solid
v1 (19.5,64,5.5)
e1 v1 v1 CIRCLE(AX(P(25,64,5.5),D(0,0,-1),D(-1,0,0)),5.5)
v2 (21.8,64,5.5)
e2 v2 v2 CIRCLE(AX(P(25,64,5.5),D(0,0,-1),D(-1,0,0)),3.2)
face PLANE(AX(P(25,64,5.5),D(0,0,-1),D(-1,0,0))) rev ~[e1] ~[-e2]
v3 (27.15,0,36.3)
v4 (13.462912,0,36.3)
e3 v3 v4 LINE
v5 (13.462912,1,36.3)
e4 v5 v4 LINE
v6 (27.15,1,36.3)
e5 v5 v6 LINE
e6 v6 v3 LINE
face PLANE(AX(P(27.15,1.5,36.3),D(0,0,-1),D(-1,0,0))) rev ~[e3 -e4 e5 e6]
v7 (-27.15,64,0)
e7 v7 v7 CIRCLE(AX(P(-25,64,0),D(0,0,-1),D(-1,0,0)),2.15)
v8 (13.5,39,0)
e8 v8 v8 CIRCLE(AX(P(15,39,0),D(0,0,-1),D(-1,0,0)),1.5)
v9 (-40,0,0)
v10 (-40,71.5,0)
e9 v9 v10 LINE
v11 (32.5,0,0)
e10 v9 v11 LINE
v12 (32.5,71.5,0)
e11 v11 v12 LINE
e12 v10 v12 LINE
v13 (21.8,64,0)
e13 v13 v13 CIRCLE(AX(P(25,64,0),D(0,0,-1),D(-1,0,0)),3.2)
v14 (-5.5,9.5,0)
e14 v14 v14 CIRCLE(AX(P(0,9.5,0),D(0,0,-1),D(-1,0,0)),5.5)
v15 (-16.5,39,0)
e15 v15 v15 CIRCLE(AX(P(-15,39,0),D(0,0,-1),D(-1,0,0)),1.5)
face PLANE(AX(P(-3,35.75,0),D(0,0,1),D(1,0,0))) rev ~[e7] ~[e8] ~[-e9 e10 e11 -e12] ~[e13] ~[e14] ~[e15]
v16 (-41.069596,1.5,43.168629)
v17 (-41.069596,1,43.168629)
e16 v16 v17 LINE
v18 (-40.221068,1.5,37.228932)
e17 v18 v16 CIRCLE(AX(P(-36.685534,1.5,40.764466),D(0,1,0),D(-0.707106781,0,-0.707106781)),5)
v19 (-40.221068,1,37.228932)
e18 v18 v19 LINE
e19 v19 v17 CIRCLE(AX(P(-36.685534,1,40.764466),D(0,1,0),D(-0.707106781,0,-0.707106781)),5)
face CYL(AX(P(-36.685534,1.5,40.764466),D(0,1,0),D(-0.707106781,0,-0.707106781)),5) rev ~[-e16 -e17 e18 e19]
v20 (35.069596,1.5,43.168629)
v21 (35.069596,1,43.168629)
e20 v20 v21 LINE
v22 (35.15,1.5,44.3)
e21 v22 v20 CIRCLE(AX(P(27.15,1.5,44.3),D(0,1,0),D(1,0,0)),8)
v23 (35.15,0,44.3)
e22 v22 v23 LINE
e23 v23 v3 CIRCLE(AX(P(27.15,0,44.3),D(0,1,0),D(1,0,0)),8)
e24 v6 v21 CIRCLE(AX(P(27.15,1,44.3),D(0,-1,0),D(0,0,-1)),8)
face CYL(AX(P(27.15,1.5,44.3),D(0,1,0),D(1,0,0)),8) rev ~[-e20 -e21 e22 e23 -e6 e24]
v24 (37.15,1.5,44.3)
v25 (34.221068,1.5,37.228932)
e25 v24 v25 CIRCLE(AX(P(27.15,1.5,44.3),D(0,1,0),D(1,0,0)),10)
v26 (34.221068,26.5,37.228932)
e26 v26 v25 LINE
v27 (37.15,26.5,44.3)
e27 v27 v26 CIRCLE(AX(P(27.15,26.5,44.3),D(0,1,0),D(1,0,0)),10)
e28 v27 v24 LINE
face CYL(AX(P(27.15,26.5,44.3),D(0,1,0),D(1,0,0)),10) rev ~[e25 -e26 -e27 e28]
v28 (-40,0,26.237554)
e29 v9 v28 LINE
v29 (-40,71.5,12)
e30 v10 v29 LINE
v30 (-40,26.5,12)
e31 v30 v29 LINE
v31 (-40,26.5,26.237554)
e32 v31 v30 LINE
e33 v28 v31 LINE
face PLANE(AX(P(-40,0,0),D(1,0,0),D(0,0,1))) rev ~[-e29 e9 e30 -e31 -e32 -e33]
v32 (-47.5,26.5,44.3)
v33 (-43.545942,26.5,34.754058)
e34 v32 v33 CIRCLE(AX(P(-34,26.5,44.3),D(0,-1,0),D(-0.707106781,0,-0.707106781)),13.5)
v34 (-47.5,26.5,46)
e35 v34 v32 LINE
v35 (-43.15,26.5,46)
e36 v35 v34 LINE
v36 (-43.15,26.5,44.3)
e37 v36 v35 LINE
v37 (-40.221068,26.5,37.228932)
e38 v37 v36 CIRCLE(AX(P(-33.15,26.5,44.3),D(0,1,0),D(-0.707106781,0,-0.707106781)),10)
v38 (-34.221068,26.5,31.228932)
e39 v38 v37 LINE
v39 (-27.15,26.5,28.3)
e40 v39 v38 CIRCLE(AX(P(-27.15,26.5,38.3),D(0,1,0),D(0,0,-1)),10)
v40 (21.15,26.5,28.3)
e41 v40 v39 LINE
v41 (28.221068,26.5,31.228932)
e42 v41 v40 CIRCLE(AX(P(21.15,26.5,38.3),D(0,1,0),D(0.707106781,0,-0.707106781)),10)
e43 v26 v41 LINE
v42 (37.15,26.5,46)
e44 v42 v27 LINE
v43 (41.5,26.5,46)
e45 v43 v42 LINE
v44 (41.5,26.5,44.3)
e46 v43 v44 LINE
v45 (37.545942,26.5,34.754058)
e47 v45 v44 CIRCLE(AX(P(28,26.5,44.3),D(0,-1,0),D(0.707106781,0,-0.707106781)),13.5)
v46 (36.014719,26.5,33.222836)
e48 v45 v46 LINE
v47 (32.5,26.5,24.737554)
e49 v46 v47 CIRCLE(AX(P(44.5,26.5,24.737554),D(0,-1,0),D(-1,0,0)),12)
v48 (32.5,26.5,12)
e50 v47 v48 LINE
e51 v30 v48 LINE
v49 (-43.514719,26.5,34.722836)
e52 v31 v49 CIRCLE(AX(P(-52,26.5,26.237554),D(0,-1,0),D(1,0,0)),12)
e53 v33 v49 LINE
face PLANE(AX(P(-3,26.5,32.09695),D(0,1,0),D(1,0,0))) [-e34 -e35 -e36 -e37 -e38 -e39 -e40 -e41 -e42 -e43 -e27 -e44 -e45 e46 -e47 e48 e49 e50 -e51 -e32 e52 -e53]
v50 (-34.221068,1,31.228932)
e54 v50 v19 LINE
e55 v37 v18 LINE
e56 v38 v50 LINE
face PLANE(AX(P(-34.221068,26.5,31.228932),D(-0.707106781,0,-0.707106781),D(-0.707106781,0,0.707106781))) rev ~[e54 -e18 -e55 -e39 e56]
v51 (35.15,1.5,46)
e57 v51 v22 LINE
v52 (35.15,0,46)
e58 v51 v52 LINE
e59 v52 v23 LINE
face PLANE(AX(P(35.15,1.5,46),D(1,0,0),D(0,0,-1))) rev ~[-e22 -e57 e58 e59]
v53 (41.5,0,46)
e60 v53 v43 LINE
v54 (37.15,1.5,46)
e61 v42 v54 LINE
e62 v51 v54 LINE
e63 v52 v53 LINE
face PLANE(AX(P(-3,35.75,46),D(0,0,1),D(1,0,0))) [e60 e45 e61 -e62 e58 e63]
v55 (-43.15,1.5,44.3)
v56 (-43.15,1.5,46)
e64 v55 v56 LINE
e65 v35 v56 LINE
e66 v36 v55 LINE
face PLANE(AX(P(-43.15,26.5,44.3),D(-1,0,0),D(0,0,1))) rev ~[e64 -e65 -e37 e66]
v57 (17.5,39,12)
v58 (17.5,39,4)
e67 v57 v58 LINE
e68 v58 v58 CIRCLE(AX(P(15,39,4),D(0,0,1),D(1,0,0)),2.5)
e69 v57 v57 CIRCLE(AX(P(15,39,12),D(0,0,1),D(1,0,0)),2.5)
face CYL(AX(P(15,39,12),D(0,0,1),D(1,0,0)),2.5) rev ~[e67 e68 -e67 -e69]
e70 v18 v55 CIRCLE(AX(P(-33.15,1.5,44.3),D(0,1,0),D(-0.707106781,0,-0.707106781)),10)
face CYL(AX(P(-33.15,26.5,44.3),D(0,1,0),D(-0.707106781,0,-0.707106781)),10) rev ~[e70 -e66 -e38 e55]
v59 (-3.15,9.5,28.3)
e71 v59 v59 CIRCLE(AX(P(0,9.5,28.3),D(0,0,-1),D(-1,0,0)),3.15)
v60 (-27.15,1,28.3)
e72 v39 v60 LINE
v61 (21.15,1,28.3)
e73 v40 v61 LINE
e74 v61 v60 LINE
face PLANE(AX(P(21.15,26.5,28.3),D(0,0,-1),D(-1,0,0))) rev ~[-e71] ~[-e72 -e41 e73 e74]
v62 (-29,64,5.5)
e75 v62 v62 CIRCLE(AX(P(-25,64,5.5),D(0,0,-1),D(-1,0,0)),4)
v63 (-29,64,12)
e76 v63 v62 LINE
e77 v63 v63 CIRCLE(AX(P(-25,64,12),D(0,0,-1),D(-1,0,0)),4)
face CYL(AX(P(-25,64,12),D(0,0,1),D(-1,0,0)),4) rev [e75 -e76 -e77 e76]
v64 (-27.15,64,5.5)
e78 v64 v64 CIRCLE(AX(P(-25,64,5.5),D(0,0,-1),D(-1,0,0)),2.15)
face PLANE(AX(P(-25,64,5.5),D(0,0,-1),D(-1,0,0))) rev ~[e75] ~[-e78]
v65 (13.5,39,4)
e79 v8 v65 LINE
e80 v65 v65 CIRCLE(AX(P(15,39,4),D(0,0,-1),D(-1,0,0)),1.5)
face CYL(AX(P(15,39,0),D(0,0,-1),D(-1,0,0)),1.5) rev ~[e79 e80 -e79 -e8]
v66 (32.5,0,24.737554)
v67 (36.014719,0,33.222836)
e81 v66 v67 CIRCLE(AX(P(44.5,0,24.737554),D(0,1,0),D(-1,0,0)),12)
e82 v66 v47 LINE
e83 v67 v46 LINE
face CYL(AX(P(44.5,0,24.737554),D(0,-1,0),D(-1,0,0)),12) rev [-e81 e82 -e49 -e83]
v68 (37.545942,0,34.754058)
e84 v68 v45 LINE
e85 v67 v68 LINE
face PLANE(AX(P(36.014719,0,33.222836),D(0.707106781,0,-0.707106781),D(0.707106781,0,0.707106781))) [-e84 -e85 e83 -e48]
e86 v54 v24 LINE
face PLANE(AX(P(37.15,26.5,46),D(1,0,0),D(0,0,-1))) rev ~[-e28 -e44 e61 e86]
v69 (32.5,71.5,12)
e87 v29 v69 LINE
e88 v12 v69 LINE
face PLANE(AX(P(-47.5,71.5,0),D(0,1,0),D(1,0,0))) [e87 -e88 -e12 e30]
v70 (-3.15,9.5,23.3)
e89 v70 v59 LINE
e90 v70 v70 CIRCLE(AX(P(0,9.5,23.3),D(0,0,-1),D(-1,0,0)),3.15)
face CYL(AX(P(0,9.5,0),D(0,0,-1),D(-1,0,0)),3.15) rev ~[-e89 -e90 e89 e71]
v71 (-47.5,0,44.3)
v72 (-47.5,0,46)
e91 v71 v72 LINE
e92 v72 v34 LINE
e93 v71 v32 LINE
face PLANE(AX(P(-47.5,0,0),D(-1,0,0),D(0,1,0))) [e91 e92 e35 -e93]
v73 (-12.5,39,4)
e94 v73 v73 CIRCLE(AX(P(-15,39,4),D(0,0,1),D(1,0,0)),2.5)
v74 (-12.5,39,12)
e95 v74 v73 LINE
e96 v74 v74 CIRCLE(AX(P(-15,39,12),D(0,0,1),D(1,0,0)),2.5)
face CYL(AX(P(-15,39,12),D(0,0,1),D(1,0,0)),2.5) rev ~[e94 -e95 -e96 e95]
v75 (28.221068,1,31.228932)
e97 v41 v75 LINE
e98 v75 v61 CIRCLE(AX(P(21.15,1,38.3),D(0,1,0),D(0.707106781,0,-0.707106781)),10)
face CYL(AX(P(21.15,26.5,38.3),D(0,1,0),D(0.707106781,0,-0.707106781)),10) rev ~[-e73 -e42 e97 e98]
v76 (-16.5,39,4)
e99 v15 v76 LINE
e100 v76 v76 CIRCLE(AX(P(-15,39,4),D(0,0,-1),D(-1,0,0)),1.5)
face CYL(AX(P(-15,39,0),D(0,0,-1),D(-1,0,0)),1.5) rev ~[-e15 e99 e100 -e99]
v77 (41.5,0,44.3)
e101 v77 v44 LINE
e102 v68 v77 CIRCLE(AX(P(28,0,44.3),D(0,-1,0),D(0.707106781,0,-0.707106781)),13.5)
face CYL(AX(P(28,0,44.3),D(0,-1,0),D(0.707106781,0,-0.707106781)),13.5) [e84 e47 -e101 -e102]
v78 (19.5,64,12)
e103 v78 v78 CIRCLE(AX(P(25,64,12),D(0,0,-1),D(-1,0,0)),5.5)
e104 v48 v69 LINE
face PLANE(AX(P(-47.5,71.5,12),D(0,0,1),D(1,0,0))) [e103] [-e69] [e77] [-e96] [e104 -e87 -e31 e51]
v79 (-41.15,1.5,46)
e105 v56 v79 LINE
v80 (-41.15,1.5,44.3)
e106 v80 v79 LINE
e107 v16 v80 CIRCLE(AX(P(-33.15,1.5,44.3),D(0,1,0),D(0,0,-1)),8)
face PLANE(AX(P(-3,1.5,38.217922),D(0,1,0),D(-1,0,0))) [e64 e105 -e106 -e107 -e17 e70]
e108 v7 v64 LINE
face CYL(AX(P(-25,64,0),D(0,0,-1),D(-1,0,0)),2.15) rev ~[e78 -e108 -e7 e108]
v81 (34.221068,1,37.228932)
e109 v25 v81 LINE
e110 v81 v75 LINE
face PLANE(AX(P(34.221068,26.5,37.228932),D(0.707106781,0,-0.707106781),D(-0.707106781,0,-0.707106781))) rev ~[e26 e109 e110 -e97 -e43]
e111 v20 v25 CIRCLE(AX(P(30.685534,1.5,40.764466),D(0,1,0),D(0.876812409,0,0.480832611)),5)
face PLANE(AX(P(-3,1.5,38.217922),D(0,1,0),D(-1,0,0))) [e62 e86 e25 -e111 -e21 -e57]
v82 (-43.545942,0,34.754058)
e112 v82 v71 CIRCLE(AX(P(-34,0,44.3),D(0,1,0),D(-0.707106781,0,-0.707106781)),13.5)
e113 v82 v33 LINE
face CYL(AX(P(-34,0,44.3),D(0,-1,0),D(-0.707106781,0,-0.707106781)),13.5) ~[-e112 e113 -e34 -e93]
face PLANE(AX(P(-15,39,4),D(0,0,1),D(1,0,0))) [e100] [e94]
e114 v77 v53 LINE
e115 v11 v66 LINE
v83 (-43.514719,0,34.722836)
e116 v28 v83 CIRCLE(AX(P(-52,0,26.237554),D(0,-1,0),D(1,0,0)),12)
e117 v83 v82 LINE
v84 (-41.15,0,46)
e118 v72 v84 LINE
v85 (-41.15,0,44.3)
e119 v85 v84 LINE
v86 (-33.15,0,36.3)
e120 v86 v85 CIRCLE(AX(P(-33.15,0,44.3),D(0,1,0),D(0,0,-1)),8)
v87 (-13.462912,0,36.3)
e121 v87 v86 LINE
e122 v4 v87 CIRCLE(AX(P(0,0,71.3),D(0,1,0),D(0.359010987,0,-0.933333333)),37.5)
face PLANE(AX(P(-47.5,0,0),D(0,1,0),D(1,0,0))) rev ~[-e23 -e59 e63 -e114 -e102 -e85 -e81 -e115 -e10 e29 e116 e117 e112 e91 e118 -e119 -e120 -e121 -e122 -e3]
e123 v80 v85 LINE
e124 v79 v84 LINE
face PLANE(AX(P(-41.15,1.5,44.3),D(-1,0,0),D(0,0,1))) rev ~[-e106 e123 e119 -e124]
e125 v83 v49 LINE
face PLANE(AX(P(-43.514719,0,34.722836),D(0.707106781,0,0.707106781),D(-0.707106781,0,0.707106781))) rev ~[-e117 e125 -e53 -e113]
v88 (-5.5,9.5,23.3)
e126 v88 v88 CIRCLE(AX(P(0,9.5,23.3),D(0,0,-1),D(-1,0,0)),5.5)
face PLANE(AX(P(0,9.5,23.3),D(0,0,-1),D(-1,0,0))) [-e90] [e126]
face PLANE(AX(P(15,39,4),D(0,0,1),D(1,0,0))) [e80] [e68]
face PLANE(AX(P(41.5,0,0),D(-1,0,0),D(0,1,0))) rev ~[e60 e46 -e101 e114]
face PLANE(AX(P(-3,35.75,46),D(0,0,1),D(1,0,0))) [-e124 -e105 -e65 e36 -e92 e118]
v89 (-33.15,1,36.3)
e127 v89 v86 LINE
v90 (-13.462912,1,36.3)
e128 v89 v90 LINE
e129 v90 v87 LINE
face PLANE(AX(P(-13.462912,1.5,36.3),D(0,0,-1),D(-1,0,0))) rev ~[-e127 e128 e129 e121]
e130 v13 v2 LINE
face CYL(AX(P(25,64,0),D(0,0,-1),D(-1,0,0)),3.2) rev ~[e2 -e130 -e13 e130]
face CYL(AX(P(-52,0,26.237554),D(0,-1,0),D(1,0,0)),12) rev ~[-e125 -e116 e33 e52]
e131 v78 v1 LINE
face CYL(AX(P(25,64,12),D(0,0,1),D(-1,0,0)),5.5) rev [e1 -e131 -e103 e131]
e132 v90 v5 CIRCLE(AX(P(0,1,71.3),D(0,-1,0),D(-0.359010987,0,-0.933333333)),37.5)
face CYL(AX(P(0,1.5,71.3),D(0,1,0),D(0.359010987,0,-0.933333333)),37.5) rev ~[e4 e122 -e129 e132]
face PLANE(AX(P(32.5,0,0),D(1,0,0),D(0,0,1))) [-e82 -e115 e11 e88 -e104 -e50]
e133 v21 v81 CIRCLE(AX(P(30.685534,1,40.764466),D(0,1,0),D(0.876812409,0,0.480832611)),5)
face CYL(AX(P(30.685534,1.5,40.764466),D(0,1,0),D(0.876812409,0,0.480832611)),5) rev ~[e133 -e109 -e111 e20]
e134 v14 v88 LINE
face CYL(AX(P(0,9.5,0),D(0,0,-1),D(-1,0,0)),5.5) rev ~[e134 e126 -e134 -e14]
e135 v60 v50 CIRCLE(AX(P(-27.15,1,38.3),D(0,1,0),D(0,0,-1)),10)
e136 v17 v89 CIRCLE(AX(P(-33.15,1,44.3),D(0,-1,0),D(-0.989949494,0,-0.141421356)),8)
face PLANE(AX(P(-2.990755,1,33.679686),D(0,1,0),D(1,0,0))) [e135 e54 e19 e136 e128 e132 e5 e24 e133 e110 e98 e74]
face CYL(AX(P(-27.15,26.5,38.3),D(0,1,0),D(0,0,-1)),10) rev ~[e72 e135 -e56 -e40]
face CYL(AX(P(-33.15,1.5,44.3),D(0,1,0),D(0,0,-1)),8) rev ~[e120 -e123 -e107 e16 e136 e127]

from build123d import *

# Parameters (mm, degrees)
SKIZZE1_W                       = 89
SKIZZE1_H                       = 71.5
LINEAR_AUSTRAGEN1_DEPTH         = 46
SKIZZE12_W                      = 89
SKIZZE12_H                      = 40.19389994
LINEAR_AUSTRAGEN2_DEPTH         = 45
LINEAR_AUSTRAGEN3_DEPTH         = 25
LINEAR_AUSTRAGEN9_DEPTH         = 1.5
SCHNITT_LINEAR_AUSTRAGEN1_DEPTH = 0.5
SKIZZE3_R                       = 1.5
SKIZZE3_R_2                     = 2.15
SKIZZE3_R_3                     = 3.2
LINEAR_AUSTRAGEN4_DEPTH         = 47
SKIZZE4_R                       = 4
SKIZZE4_R_2                     = 5.5
LINEAR_AUSTRAGEN5_DEPTH         = 6.5
SKIZZE13_R                      = 2.5
LINEAR_AUSTRAGEN8_DEPTH         = 8
SKIZZE10_R                      = 3.15
LINEAR_AUSTRAGEN6_DEPTH         = 28.3
SKIZZE11_R                      = 5.5
LINEAR_AUSTRAGEN7_DEPTH         = 23.3
LINEAR_AUSTRAGEN10_DEPTH        = 71.5


with BuildPart() as part:
    # Skizze1 → Linear austragen1 (new body)
    with BuildSketch(Plane.XY):
        with Locations((-3, 35.75)):
            Rectangle(SKIZZE1_W, SKIZZE1_H)
    extrude(amount=LINEAR_AUSTRAGEN1_DEPTH)

    # Skizze12 → Linear austragen2 (cut)
    with BuildSketch(Plane(origin=(0, 71.5, 0), x_dir=(1, 0, 0), z_dir=(0, 1, 0))):
        with Locations((-3, -32.09694997)):
            Rectangle(SKIZZE12_W, SKIZZE12_H)
    extrude(amount=-LINEAR_AUSTRAGEN2_DEPTH, mode=Mode.SUBTRACT)

    # Skizze2 → Linear austragen3 (cut)
    with BuildSketch(Plane.XZ.offset(-26.5)):
        with BuildLine():
            Line((-43.15, 46), (37.15, 46))
            Line((37.15, 46), (37.15, 44.3))
            ThreePointArc((37.15, 44.3), (36.388795325, 40.473165676), (34.221067812, 37.228932188))
            Line((34.221067812, 37.228932188), (28.221067812, 31.228932188))
            ThreePointArc((28.221067812, 31.228932188), (24.976834324, 29.061204675), (21.15, 28.3))
            Line((21.15, 28.3), (-27.15, 28.3))
            ThreePointArc((-27.15, 28.3), (-30.976834324, 29.061204675), (-34.221067812, 31.228932188))
            Line((-34.221067812, 31.228932188), (-40.221067812, 37.228932188))
            ThreePointArc((-40.221067812, 37.228932188), (-42.388795325, 40.473165676), (-43.15, 44.3))
            Line((-43.15, 44.3), (-43.15, 46))
        make_face()
    extrude(amount=LINEAR_AUSTRAGEN3_DEPTH, mode=Mode.SUBTRACT)

    # Skizze14 → Linear austragen9 (cut)
    with BuildSketch(Plane(origin=(0, 1.5, 0), x_dir=(-1, 0, 0), z_dir=(0, 1, 0))):
        with BuildLine():
            Line((13.462912018, 36.3), (33.15, 36.3))
            ThreePointArc((33.15, 36.3), (38.806854249, 38.643145751), (41.15, 44.3))
            Line((41.15, 44.3), (41.15, 46))
            Line((41.15, 46), (-35.15, 46))
            Line((-35.15, 46), (-35.15, 44.3))
            ThreePointArc((-35.15, 44.3), (-32.806854249, 38.643145751), (-27.15, 36.3))
            Line((-27.15, 36.3), (-13.462912018, 36.3))
            ThreePointArc((-13.462912018, 36.3), (0, 33.8), (13.462912018, 36.3))
        make_face()
    extrude(amount=-LINEAR_AUSTRAGEN9_DEPTH, mode=Mode.SUBTRACT)

    # Skizze16 → Schnitt-Linear austragen1 (cut)
    with BuildSketch(Plane(origin=(0, 1.5, 0), x_dir=(1, 0, 0), z_dir=(0, 1, 0))):
        with BuildLine():
            Line((21.15, -28.3), (-27.15, -28.3))
            ThreePointArc((-27.15, -28.3), (-30.976834324, -29.061204675), (-34.221067812, -31.228932188))
            Line((-34.221067812, -31.228932188), (-40.221067812, -37.228932188))
            ThreePointArc((-40.221067812, -37.228932188), (-41.635281374, -40.057359313), (-41.069595949, -43.16862915))
            ThreePointArc((-41.069595949, -43.16862915), (-38.391613931, -38.25636836), (-33.15, -36.3))
            Line((-33.15, -36.3), (-13.462912018, -36.3))
            ThreePointArc((-13.462912018, -36.3), (0, -33.8), (13.462912018, -36.3))
            Line((13.462912018, -36.3), (27.15, -36.3))
            ThreePointArc((27.15, -36.3), (32.391613931, -38.25636836), (35.069595949, -43.16862915))
            ThreePointArc((35.069595949, -43.16862915), (35.635281374, -40.057359313), (34.221067812, -37.228932188))
            Line((34.221067812, -37.228932188), (28.221067812, -31.228932188))
            ThreePointArc((28.221067812, -31.228932188), (24.976834324, -29.061204675), (21.15, -28.3))
        make_face()
    extrude(amount=-SCHNITT_LINEAR_AUSTRAGEN1_DEPTH, mode=Mode.SUBTRACT)

    # Skizze3 → Linear austragen4 (cut, through all)
    with BuildSketch(Plane(origin=(0, 0, 0), x_dir=(-1, 0, 0), z_dir=(0, 0, -1))):
        with Locations((15, 39)):
            Circle(SKIZZE3_R)
        with Locations((-15, 39)):
            Circle(SKIZZE3_R)
        with Locations((25, 64)):
            Circle(SKIZZE3_R_2)
        with Locations((-25, 64)):
            Circle(SKIZZE3_R_3)
    extrude(amount=-LINEAR_AUSTRAGEN4_DEPTH, mode=Mode.SUBTRACT)

    # Skizze4 → Linear austragen5 (cut)
    with BuildSketch(Plane(origin=(0, 0, 12), x_dir=(-1, 0, 0), z_dir=(0, 0, -1))):
        with Locations((25, 64)):
            Circle(SKIZZE4_R)
        with Locations((-25, 64)):
            Circle(SKIZZE4_R_2)
    extrude(amount=LINEAR_AUSTRAGEN5_DEPTH, mode=Mode.SUBTRACT)

    # Skizze13 → Linear austragen8 (cut)
    with BuildSketch(Plane.XY.offset(12)):
        with Locations((15, 39)):
            Circle(SKIZZE13_R)
        with Locations((-15, 39)):
            Circle(SKIZZE13_R)
    extrude(amount=-LINEAR_AUSTRAGEN8_DEPTH, mode=Mode.SUBTRACT)

    # Skizze10 → Linear austragen6 (cut)
    with BuildSketch(Plane(origin=(0, 0, 0), x_dir=(-1, 0, 0), z_dir=(0, 0, -1))):
        with Locations((0, 9.5)):
            Circle(SKIZZE10_R)
    extrude(amount=-LINEAR_AUSTRAGEN6_DEPTH, mode=Mode.SUBTRACT)

    # Skizze11 → Linear austragen7 (cut)
    with BuildSketch(Plane(origin=(0, 0, 0), x_dir=(-1, 0, 0), z_dir=(0, 0, -1))):
        with Locations((0, 9.5)):
            Circle(SKIZZE11_R)
    extrude(amount=-LINEAR_AUSTRAGEN7_DEPTH, mode=Mode.SUBTRACT)

    # Skizze15 → Linear austragen10 (cut)
    with BuildSketch(Plane.XZ):
        with BuildLine():
            Line((41.5, 44.3), (41.5, 0))
            Line((41.5, 0), (32.5, 0))
            Line((32.5, 0), (32.5, 24.737554159))
            ThreePointArc((32.5, 24.737554159), (33.41344561, 29.329755348), (36.014718626, 33.222835534))
            Line((36.014718626, 33.222835534), (37.545941546, 34.754058454))
            ThreePointArc((37.545941546, 34.754058454), (40.472373689, 39.133773663), (41.5, 44.3))
        make_face()
        with BuildLine():
            Line((-47.5, 44.3), (-47.5, 0))
            Line((-47.5, 0), (-40, 0))
            Line((-40, 0), (-40, 26.237554159))
            ThreePointArc((-40, 26.237554159), (-40.91344561, 30.829755348), (-43.514718626, 34.722835534))
            Line((-43.514718626, 34.722835534), (-43.545941546, 34.754058454))
            ThreePointArc((-43.545941546, 34.754058454), (-46.472373689, 39.133773663), (-47.5, 44.3))
        make_face()
    extrude(amount=-LINEAR_AUSTRAGEN10_DEPTH, mode=Mode.SUBTRACT)


solid = part.part
